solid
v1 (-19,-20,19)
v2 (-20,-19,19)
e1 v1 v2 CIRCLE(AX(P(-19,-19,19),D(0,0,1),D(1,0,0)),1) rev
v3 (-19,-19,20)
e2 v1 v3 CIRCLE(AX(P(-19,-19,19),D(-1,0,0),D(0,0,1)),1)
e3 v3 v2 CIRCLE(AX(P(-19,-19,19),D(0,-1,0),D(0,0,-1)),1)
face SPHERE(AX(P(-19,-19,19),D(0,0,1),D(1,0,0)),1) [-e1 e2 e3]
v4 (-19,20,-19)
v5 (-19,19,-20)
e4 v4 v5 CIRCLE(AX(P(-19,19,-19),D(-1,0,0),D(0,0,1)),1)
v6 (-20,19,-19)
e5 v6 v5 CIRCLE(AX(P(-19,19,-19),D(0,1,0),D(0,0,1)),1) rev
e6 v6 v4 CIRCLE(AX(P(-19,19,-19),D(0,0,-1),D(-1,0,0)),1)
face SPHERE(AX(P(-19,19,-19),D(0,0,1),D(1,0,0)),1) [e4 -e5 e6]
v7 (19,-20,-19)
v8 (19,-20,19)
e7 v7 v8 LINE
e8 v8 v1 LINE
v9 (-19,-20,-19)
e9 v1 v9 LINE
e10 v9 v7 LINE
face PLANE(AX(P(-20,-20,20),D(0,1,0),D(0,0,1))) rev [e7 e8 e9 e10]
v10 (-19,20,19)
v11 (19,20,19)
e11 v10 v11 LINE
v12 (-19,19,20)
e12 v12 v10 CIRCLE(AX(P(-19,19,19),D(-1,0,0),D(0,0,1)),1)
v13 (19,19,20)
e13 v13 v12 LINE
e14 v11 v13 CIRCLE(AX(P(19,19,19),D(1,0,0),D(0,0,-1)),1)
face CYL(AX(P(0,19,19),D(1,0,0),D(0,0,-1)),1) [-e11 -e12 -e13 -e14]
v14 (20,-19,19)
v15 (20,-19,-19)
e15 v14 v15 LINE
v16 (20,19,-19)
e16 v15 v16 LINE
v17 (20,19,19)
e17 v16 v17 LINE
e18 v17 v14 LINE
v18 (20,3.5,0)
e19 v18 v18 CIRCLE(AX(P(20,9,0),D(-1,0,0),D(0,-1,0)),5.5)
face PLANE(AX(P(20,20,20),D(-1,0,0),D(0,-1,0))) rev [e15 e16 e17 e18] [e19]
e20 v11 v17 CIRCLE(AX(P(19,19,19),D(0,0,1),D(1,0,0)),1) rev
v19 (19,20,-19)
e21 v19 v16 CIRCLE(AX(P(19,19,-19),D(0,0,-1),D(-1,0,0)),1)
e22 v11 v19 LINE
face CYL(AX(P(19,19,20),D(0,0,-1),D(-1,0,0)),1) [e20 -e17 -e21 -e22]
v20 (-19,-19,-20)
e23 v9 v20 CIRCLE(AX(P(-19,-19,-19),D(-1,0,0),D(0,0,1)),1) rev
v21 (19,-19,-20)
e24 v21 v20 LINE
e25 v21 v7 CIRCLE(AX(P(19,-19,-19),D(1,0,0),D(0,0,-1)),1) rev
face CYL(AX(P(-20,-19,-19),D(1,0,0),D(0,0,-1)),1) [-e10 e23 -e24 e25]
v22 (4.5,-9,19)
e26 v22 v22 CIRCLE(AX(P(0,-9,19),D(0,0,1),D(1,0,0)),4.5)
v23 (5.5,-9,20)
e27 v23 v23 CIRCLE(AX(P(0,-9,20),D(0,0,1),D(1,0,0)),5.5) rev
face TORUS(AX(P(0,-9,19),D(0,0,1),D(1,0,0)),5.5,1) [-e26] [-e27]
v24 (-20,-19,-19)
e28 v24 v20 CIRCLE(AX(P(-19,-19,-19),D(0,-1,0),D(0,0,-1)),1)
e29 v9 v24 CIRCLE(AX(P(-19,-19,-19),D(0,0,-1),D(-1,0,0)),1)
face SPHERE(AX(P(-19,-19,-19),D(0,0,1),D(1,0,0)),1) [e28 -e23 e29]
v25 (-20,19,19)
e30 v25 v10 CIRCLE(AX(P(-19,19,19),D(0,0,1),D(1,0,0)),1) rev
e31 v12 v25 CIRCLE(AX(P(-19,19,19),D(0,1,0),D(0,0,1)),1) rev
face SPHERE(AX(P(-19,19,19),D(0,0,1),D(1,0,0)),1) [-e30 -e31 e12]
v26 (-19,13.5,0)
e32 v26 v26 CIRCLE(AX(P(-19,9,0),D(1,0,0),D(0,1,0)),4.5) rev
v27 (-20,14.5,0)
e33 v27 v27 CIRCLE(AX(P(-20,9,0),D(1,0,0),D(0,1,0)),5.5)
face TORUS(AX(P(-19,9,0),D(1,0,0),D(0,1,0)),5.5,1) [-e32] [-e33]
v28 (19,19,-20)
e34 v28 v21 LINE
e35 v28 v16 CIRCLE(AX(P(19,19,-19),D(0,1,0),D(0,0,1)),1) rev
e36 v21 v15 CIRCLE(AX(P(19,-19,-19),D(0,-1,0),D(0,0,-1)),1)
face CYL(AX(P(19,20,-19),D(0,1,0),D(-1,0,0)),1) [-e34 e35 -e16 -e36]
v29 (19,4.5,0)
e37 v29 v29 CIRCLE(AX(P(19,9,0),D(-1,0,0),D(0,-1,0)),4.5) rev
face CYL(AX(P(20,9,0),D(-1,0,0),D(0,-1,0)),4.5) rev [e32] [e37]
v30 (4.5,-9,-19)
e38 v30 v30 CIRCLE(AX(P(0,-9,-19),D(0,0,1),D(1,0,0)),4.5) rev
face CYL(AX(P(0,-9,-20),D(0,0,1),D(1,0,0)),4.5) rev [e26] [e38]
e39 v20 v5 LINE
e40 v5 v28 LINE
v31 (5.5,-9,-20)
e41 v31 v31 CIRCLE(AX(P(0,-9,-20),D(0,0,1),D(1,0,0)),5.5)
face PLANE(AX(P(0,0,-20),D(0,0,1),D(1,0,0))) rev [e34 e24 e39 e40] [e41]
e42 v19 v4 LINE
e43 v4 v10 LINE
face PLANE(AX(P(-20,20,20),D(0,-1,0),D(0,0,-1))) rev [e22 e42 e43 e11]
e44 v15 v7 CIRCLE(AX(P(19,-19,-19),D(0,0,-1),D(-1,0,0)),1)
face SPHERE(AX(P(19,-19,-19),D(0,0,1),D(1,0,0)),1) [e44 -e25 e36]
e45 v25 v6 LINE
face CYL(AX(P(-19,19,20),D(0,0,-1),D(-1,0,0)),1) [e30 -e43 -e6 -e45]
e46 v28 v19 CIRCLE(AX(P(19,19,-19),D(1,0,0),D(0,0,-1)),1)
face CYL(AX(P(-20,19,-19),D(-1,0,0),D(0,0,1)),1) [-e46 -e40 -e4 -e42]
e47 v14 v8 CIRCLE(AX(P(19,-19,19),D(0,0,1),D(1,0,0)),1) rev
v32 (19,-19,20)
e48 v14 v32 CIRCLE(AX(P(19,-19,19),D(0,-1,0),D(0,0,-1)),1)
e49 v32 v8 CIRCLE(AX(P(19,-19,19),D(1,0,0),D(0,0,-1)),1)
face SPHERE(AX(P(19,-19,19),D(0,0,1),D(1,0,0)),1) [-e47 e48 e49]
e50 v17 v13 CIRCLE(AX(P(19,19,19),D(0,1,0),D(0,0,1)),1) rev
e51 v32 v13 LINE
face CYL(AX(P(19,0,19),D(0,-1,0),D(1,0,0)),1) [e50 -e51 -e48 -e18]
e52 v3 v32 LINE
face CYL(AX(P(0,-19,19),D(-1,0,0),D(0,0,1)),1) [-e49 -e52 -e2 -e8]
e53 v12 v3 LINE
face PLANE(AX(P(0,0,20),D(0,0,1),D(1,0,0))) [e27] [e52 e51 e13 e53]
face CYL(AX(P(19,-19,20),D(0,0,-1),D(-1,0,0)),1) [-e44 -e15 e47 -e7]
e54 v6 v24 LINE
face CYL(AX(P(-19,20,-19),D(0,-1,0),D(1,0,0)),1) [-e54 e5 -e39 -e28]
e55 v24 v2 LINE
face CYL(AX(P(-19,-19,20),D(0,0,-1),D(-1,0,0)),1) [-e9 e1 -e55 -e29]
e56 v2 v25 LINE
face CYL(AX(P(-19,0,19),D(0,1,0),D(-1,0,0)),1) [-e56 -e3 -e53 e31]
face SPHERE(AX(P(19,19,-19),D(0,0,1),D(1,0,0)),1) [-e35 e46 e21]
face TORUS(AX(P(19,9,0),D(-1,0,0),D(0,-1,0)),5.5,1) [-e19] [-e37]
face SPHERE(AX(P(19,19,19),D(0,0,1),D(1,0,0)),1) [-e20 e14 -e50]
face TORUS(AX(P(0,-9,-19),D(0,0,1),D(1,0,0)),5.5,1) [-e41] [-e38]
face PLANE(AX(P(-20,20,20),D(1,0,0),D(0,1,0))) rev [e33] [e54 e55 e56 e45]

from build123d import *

# Parameters (mm, degrees)
SKETCH1_W           = 40
SKETCH1_H           = 40
BOSS_EXTRUDE1_DEPTH = 20
SKETCH2_R           = 4.5
CUT_EXTRUDE1_DEPTH  = 49.989794856
SKETCH3_R           = 4.5
CUT_EXTRUDE2_DEPTH  = 49.989794856
FILLET1_R           = 1


with BuildPart() as part:
    # Sketch1 → Boss-Extrude1 (new, symmetric)
    with BuildSketch(Plane.XY):
        Rectangle(SKETCH1_W, SKETCH1_H)
    extrude(amount=BOSS_EXTRUDE1_DEPTH, both=True)

    # Sketch2 → Cut-Extrude1 (cut, through all)
    with BuildSketch(Plane.XY.offset(20)):
        with Locations((0, -9)):
            Circle(SKETCH2_R)
    extrude(amount=-CUT_EXTRUDE1_DEPTH, mode=Mode.SUBTRACT)

    # Sketch3 → Cut-Extrude2 (cut, through all)
    with BuildSketch(Plane.ZY.offset(20)):
        with Locations(Location((0, 9, 0), (0, 0, 270))):
            Circle(SKETCH3_R)
    extrude(amount=-CUT_EXTRUDE2_DEPTH, mode=Mode.SUBTRACT)

    # Fillet1
    fillet1_edges = [part.edges().sort_by_distance(p)[0] for p in [
        (-20, 0, 20),
        (-4.5, -9, -20),
        (-4.5, -9, 20),
        (0, -20, 20),
        (20, 13.5, 0),
        (-20, 13.5, 0),
        (20, 0, 20),
        (0, -20, -20),
        (-20, 0, -20),
        (0, 20, -20),
        (20, 0, -20),
        (20, -20, 0),
        (-20, -20, 0),
        (-20, 20, 0),
        (20, 20, 0),
        (0, 20, 20),
    ]]
    fillet(fillet1_edges, radius=FILLET1_R)


solid = part.part
